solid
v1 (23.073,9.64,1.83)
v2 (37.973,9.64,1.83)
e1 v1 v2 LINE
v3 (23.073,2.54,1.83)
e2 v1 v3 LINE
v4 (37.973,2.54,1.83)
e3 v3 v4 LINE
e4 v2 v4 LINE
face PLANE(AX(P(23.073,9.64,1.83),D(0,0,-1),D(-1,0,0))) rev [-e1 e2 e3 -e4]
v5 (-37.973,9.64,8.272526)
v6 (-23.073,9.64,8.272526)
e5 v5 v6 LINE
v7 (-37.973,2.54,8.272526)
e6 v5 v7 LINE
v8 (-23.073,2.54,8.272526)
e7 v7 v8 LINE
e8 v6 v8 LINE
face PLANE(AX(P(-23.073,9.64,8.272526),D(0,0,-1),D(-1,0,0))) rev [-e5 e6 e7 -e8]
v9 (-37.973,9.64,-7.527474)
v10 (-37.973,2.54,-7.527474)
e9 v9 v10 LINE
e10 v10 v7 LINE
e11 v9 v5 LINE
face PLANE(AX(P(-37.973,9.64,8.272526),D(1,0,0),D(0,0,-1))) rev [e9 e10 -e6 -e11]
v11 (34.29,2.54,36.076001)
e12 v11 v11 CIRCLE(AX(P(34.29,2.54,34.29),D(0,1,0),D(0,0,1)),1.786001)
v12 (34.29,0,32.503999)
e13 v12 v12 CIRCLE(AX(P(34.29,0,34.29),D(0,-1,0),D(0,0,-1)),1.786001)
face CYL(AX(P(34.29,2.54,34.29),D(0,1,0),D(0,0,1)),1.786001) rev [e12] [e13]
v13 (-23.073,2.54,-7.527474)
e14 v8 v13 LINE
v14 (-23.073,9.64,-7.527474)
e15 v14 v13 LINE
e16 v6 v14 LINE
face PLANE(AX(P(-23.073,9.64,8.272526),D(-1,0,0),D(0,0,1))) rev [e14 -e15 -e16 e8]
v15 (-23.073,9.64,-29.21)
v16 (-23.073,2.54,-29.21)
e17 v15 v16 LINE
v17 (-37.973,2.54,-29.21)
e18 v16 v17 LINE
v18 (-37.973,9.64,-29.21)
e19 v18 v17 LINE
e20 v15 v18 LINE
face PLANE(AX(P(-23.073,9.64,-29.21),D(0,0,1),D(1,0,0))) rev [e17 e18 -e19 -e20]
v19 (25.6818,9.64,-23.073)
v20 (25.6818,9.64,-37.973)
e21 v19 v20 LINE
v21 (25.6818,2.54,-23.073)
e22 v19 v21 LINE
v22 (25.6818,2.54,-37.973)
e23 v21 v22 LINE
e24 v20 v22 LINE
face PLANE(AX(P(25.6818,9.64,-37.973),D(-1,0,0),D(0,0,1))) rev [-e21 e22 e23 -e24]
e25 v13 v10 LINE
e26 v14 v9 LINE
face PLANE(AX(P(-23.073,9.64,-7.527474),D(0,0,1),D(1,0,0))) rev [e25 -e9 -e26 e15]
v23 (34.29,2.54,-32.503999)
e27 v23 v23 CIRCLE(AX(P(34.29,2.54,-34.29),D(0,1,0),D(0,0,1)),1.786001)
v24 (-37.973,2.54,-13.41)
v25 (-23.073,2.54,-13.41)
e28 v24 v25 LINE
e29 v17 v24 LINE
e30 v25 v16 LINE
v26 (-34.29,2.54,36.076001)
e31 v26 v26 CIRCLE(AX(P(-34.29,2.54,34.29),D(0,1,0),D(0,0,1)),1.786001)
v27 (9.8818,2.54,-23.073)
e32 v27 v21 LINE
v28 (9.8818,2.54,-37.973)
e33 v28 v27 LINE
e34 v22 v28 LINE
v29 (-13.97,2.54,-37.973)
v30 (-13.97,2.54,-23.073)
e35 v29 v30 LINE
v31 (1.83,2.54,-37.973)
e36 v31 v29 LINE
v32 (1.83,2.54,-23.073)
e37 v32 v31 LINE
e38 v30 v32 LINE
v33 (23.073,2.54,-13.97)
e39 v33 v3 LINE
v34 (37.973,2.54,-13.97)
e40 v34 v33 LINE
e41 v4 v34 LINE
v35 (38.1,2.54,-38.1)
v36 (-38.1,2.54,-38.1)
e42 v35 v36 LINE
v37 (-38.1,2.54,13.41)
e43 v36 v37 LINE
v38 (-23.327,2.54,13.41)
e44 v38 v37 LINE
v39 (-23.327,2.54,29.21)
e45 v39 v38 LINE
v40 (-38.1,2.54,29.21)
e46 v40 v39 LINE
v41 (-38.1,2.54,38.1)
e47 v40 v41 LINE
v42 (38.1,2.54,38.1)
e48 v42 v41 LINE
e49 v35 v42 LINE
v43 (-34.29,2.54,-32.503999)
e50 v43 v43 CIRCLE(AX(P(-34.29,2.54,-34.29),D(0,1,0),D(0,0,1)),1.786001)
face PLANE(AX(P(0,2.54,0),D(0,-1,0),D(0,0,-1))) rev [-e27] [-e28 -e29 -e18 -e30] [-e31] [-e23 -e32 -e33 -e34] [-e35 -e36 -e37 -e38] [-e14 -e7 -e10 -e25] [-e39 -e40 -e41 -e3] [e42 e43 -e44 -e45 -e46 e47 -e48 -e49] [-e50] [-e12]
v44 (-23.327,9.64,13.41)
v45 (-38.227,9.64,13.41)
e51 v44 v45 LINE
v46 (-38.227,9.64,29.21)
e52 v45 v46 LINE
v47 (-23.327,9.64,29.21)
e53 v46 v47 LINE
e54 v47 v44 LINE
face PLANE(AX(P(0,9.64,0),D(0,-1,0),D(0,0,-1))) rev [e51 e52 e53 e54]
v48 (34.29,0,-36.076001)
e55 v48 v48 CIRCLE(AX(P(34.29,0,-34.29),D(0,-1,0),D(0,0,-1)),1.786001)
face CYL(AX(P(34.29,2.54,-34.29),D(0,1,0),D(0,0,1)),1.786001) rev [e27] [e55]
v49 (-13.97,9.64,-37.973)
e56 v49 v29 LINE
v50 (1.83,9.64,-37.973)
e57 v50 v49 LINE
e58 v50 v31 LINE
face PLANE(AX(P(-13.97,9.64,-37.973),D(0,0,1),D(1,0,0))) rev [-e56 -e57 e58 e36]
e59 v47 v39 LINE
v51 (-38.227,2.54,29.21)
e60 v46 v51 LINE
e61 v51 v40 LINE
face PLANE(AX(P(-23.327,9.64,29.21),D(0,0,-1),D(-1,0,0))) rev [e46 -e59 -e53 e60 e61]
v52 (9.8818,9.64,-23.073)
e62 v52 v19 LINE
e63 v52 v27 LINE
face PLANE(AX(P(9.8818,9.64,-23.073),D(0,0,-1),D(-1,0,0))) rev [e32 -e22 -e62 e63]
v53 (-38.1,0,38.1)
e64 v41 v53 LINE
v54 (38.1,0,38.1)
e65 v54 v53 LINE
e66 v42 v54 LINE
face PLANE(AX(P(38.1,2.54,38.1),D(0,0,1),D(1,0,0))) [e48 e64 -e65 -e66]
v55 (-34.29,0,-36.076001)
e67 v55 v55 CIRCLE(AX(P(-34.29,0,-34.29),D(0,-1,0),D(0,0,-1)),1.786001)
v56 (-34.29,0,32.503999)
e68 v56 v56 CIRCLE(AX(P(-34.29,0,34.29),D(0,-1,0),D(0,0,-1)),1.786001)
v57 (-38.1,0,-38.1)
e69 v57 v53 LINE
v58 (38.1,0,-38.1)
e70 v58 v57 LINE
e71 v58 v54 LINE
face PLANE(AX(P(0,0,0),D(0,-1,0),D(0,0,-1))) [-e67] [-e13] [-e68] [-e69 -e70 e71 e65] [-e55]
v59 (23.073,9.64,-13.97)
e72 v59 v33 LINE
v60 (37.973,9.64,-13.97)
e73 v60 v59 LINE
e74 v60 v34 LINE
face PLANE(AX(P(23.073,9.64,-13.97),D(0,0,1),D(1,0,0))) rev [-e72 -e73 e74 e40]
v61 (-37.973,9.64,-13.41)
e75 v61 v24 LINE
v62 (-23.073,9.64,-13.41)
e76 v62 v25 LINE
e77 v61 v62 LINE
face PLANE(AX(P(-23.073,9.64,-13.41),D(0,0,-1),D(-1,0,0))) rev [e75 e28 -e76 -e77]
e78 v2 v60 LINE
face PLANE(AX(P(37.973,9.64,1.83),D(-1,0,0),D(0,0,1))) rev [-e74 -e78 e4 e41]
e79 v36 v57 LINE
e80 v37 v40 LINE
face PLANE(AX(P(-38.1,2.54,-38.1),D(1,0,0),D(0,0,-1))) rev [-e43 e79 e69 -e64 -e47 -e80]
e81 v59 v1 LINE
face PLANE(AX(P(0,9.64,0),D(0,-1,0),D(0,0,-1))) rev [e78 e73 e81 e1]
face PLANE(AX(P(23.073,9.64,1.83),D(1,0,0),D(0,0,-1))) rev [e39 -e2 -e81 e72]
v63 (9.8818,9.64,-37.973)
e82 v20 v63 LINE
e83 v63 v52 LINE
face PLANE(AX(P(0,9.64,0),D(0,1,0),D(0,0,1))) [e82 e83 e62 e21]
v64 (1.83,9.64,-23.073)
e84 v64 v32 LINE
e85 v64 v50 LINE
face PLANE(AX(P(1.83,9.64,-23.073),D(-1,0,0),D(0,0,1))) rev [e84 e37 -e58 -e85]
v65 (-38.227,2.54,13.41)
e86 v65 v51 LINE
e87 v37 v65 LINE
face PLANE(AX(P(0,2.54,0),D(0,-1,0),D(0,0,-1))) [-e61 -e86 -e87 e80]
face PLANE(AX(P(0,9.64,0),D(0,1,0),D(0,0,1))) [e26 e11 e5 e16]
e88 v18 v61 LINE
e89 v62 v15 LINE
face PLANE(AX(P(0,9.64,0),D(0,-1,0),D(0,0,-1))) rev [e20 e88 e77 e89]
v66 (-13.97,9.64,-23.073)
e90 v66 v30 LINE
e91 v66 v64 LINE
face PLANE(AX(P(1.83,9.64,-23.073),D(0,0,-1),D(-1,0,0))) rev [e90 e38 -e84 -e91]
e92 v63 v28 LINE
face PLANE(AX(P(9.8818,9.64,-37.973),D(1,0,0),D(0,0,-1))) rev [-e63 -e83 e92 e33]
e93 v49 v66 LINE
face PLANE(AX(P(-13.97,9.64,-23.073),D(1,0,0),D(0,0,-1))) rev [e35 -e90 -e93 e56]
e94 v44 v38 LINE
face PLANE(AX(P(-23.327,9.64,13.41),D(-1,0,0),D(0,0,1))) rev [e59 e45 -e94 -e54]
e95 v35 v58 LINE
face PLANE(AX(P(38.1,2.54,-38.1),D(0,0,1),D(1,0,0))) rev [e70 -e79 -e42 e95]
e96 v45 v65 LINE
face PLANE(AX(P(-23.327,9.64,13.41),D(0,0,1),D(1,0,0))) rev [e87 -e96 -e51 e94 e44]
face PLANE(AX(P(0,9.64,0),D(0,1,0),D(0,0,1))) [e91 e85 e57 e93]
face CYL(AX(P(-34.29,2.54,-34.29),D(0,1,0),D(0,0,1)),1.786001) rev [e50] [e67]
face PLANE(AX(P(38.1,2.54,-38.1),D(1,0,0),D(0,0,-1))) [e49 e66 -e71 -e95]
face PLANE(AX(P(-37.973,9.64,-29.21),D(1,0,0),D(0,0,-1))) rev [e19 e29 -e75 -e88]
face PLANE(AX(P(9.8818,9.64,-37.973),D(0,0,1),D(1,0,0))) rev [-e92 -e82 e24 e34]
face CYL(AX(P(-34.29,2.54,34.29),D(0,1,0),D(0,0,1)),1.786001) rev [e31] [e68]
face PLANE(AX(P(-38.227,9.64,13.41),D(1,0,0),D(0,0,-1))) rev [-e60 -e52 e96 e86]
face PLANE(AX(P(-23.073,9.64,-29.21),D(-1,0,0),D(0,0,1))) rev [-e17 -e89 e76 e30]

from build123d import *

# Parameters (mm, degrees)
SKETCH1_W                           = 76.2
SKETCH1_H                           = 76.2
BOSS_EXTRUDE1_DEPTH                 = 2.54
SKETCH2_W                           = 14.9
SKETCH2_H                           = 15.8
SKETCH2_W_2                         = 15.8
SKETCH2_H_2                         = 14.9
BOSS_EXTRUDE2_DEPTH                 = 7.1
F_9_64_0_14063_DIAMETER_HOLE1_D     = 3.572002
F_9_64_0_14063_DIAMETER_HOLE1_DEPTH = 5.7404
F_9_64_0_14063_DIAMETER_HOLE1_TIP   = 1.073137666


with BuildPart() as part:
    # Sketch1 → Boss-Extrude1 (new body)
    with BuildSketch(Plane(origin=(0, 0, 0), x_dir=(1, 0, 0), z_dir=(0, 1, 0))):
        Rectangle(SKETCH1_W, SKETCH1_H)
    extrude(amount=BOSS_EXTRUDE1_DEPTH)

    # Sketch2 → Boss-Extrude2 (add)
    with BuildSketch(Plane(origin=(0, 2.54, 0), x_dir=(1, 0, 0), z_dir=(0, 1, 0))):
        with Locations((-30.777, -21.31)):
            Rectangle(SKETCH2_W, SKETCH2_H)
        with Locations((-30.523, 21.31)):
            Rectangle(SKETCH2_W, SKETCH2_H)
        with Locations((-6.07, 30.523)):
            Rectangle(SKETCH2_W_2, SKETCH2_H_2)
        with Locations((17.7818, 30.523)):
            Rectangle(SKETCH2_W_2, SKETCH2_H_2)
        with Locations((30.523, 6.07)):
            Rectangle(SKETCH2_W, SKETCH2_H)
        with Locations((-30.523, -0.372526433)):
            Rectangle(SKETCH2_W, SKETCH2_H)
    extrude(amount=BOSS_EXTRUDE2_DEPTH)

    # 9/64 (0.14063) Diameter Hole1
    with Locations(Plane(origin=(0, 2.54, 0), x_dir=(1, 0, 0), z_dir=(0, 1, 0))):
        with Locations((34.29, -34.29), (-34.29, -34.29), (-34.29, 34.29), (34.29, 34.29)):
            Hole(F_9_64_0_14063_DIAMETER_HOLE1_D / 2, depth=F_9_64_0_14063_DIAMETER_HOLE1_DEPTH)
            with Locations((0, 0, -(F_9_64_0_14063_DIAMETER_HOLE1_DEPTH + F_9_64_0_14063_DIAMETER_HOLE1_TIP / 2))):  # 118° drill point
                Cone(0, F_9_64_0_14063_DIAMETER_HOLE1_D / 2, F_9_64_0_14063_DIAMETER_HOLE1_TIP, mode=Mode.SUBTRACT)


solid = part.part
